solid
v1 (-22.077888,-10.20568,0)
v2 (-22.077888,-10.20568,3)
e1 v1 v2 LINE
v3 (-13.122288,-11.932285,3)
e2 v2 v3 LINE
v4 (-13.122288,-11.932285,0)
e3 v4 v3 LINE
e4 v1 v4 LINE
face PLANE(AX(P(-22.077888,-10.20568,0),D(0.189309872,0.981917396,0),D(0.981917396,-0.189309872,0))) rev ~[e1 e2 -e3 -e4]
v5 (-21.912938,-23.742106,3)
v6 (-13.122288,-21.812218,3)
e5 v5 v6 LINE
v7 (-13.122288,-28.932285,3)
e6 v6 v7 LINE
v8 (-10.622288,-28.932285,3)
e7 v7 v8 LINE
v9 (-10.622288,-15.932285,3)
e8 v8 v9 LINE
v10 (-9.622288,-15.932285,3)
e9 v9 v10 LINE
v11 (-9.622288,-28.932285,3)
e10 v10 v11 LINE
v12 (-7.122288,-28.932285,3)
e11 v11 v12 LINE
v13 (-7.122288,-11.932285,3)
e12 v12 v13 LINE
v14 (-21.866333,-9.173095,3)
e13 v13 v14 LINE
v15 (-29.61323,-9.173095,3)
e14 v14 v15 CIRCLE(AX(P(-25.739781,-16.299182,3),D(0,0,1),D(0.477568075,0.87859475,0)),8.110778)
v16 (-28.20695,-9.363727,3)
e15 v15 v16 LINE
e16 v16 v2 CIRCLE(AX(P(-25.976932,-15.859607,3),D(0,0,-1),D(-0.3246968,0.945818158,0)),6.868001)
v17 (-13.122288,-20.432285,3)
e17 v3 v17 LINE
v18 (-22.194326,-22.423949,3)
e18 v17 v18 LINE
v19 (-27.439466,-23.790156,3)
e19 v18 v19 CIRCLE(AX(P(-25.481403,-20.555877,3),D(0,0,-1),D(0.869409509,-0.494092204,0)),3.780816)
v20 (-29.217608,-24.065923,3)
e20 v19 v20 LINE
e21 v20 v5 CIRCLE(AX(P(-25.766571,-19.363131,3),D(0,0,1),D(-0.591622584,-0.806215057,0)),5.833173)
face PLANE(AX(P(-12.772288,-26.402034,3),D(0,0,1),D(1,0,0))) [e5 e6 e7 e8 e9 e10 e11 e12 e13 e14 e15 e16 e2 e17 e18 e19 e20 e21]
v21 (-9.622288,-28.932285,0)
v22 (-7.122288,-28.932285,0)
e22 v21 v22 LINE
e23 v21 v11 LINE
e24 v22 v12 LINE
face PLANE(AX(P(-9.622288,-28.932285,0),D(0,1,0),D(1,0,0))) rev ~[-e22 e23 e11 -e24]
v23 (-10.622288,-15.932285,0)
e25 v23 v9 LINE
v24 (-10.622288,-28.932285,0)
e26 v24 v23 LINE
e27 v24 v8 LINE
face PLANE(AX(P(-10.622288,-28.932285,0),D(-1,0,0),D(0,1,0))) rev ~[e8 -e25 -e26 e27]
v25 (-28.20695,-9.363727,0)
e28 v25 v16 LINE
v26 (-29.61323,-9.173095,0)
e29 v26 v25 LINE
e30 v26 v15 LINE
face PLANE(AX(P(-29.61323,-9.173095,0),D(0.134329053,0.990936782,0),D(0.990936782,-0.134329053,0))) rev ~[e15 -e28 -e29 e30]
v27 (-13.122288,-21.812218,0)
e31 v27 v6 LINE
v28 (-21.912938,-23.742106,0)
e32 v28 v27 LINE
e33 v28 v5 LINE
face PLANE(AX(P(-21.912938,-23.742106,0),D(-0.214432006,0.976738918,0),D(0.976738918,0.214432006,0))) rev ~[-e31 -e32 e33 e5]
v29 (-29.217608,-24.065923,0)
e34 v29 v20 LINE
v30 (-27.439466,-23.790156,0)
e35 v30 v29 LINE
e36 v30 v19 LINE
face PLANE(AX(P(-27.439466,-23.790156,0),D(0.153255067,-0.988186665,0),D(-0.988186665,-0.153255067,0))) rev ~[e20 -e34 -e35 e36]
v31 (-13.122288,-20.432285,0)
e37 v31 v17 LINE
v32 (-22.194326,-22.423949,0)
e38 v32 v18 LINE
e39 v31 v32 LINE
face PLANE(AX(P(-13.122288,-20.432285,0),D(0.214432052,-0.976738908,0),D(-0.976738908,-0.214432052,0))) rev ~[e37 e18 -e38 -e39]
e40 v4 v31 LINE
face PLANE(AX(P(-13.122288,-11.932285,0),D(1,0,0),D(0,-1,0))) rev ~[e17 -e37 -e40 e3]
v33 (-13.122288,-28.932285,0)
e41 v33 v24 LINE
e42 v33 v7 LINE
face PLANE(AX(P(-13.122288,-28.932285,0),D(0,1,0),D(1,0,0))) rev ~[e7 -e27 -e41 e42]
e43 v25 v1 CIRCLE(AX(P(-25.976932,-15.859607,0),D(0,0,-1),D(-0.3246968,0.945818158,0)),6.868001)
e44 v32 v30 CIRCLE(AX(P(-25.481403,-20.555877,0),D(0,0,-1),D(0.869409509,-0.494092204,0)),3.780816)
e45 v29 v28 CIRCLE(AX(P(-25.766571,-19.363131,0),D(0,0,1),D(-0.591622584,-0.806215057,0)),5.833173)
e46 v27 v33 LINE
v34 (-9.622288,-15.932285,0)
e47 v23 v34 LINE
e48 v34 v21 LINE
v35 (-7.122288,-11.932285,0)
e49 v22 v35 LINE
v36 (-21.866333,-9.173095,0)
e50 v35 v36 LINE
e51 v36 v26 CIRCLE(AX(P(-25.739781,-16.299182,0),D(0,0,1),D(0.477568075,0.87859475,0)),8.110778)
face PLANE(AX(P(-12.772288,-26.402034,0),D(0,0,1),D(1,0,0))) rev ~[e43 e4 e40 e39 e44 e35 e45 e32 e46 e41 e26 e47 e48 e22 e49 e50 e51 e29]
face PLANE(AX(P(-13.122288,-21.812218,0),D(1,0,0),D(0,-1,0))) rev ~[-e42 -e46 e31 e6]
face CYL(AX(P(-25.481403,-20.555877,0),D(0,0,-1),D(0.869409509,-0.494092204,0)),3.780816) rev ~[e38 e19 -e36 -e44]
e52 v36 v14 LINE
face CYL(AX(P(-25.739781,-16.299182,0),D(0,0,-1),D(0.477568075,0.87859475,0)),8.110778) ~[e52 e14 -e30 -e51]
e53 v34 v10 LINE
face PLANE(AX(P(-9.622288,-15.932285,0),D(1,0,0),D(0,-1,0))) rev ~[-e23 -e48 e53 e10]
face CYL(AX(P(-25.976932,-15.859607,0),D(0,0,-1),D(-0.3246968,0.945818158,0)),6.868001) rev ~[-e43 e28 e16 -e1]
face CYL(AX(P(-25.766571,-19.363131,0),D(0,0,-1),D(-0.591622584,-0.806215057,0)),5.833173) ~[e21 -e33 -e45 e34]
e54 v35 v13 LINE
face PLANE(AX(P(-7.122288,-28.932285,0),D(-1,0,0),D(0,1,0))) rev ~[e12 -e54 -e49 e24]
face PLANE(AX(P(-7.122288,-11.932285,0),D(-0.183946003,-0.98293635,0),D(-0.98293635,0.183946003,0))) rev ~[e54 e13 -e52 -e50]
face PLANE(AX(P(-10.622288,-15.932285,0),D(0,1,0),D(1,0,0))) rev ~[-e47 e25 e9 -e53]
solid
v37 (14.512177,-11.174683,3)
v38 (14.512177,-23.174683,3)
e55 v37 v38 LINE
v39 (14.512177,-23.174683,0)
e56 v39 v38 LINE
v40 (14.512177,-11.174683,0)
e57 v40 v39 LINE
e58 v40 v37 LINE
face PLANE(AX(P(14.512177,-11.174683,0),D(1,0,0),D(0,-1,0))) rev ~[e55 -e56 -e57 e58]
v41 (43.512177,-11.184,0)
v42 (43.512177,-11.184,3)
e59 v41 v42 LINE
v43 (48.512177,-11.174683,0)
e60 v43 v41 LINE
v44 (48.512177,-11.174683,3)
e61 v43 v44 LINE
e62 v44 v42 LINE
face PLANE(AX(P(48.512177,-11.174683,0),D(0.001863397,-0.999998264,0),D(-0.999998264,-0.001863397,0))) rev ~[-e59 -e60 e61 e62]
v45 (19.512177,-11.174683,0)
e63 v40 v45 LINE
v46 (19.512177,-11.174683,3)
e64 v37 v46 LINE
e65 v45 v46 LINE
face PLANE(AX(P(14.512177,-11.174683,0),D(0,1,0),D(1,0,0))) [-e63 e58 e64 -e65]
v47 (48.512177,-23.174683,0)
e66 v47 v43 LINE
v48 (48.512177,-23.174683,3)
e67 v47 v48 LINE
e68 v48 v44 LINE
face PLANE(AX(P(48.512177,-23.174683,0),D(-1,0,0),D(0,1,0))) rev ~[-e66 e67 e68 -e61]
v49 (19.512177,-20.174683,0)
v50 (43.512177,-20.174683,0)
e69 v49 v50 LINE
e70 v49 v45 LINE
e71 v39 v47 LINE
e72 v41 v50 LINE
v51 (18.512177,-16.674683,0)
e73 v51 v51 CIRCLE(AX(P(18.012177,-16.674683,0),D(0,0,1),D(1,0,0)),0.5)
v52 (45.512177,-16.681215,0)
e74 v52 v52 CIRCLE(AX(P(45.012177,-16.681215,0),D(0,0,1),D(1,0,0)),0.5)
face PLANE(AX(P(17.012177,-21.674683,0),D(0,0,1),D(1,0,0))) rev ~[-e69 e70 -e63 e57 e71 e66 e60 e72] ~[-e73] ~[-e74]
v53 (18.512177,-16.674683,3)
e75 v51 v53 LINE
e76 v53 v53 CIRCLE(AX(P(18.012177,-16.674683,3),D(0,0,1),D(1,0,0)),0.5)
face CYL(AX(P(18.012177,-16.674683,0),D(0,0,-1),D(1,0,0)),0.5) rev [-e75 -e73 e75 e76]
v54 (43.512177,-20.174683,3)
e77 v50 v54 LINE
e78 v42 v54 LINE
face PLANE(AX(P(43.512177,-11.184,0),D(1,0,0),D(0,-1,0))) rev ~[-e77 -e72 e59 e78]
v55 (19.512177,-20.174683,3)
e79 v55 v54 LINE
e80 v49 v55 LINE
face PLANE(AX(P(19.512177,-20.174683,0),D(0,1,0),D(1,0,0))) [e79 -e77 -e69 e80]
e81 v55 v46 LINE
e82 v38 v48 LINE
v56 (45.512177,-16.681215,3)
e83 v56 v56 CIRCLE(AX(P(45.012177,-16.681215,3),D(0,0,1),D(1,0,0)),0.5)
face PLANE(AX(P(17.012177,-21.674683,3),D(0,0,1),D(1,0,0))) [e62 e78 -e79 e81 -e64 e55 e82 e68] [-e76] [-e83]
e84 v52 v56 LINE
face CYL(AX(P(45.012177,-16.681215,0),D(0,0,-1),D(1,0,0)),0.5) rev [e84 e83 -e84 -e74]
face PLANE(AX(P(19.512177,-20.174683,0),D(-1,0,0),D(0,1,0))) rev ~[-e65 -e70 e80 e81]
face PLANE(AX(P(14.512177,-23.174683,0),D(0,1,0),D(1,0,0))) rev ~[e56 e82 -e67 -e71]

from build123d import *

# Parameters (mm, degrees)
F0_W     = 5
F0_H     = 3
F0_H_2   = 9
F0_R     = 0.5
F0_W_2   = 24
F1_DEPTH = 3
F2_W     = 0.7
F2_H     = 3
F3_DEPTH = 3


with BuildPart() as f1:
    # F0 (on Top) → F1 (new body)
    with BuildSketch(Plane.XY):
        with Locations((17.012177, -21.674683)):
            Rectangle(F0_W, F0_H)
        with Locations((17.012177, -15.674683)):
            Rectangle(F0_W, F0_H_2)
        with Locations((18.012177, -16.674683)):
            Circle(F0_R, mode=Mode.SUBTRACT)
        with Locations((46.012177, -21.674683)):
            Rectangle(F0_W, F0_H)
        Polygon((43.512177, -11.184), (43.512177, -20.174683), (48.512177, -20.174683), (48.512177, -11.174683), align=None)
        with Locations((45.012177, -16.681215)):
            Circle(F0_R, mode=Mode.SUBTRACT)
        with Locations((31.512177, -21.674683)):
            Rectangle(F0_W_2, F0_H)
    extrude(amount=F1_DEPTH)


with BuildPart() as f3:
    # F2 (on Top) → F3 (new body)
    with BuildSketch(Plane.XY):
        with Locations((-12.772288, -26.402034)):
            Rectangle(F2_W, F2_H)
        with Locations((-7.472288, -26.402034)):
            Rectangle(F2_W, F2_H)
        with BuildLine():
            Line((-21.912938, -23.742106), (-22.194326, -22.423949))
            ThreePointArc((-22.194326, -22.423949), (-24.528408, -24.214616), (-27.439466, -23.790156))
            Line((-27.439466, -23.790156), (-29.217608, -24.065923))
            ThreePointArc((-29.217608, -24.065923), (-25.508239, -25.190581), (-21.912938, -23.742106))
        make_face()
        with BuildLine():
            ThreePointArc((-28.20695, -9.363727), (-25.042249, -9.055505), (-22.077888, -10.20568))
            Line((-22.077888, -10.20568), (-21.866333, -9.173095))
            ThreePointArc((-21.866333, -9.173095), (-25.739782, -8.188404), (-29.61323, -9.173095))
            Line((-29.61323, -9.173095), (-28.20695, -9.363727))
        make_face()
        Polygon((-22.077888, -10.20568), (-13.122288, -11.932285), (-7.122288, -11.932285), (-21.866333, -9.173095), align=None)
        Polygon((-13.122288, -21.812218), (-13.122288, -20.432285), (-22.194326, -22.423949), (-21.912938, -23.742106), align=None)
        Polygon((-7.122288, -11.932285), (-13.122288, -11.932285), (-13.122288, -20.432285), (-13.122288, -21.812218), (-13.122288, -24.902034), (-12.422288, -24.902034), (-12.422288, -27.902034), (-13.122288, -27.902034), (-13.122288, -28.932285), (-10.622288, -28.932285), (-10.622288, -15.932285), (-9.622288, -15.932285), (-9.622288, -28.932285), (-7.122288, -28.932285), (-7.122288, -27.902034), (-7.822288, -27.902034), (-7.822288, -24.902034), (-7.122288, -24.902034), align=None)
    extrude(amount=F3_DEPTH)


solid = Compound([f1.part, f3.part])
